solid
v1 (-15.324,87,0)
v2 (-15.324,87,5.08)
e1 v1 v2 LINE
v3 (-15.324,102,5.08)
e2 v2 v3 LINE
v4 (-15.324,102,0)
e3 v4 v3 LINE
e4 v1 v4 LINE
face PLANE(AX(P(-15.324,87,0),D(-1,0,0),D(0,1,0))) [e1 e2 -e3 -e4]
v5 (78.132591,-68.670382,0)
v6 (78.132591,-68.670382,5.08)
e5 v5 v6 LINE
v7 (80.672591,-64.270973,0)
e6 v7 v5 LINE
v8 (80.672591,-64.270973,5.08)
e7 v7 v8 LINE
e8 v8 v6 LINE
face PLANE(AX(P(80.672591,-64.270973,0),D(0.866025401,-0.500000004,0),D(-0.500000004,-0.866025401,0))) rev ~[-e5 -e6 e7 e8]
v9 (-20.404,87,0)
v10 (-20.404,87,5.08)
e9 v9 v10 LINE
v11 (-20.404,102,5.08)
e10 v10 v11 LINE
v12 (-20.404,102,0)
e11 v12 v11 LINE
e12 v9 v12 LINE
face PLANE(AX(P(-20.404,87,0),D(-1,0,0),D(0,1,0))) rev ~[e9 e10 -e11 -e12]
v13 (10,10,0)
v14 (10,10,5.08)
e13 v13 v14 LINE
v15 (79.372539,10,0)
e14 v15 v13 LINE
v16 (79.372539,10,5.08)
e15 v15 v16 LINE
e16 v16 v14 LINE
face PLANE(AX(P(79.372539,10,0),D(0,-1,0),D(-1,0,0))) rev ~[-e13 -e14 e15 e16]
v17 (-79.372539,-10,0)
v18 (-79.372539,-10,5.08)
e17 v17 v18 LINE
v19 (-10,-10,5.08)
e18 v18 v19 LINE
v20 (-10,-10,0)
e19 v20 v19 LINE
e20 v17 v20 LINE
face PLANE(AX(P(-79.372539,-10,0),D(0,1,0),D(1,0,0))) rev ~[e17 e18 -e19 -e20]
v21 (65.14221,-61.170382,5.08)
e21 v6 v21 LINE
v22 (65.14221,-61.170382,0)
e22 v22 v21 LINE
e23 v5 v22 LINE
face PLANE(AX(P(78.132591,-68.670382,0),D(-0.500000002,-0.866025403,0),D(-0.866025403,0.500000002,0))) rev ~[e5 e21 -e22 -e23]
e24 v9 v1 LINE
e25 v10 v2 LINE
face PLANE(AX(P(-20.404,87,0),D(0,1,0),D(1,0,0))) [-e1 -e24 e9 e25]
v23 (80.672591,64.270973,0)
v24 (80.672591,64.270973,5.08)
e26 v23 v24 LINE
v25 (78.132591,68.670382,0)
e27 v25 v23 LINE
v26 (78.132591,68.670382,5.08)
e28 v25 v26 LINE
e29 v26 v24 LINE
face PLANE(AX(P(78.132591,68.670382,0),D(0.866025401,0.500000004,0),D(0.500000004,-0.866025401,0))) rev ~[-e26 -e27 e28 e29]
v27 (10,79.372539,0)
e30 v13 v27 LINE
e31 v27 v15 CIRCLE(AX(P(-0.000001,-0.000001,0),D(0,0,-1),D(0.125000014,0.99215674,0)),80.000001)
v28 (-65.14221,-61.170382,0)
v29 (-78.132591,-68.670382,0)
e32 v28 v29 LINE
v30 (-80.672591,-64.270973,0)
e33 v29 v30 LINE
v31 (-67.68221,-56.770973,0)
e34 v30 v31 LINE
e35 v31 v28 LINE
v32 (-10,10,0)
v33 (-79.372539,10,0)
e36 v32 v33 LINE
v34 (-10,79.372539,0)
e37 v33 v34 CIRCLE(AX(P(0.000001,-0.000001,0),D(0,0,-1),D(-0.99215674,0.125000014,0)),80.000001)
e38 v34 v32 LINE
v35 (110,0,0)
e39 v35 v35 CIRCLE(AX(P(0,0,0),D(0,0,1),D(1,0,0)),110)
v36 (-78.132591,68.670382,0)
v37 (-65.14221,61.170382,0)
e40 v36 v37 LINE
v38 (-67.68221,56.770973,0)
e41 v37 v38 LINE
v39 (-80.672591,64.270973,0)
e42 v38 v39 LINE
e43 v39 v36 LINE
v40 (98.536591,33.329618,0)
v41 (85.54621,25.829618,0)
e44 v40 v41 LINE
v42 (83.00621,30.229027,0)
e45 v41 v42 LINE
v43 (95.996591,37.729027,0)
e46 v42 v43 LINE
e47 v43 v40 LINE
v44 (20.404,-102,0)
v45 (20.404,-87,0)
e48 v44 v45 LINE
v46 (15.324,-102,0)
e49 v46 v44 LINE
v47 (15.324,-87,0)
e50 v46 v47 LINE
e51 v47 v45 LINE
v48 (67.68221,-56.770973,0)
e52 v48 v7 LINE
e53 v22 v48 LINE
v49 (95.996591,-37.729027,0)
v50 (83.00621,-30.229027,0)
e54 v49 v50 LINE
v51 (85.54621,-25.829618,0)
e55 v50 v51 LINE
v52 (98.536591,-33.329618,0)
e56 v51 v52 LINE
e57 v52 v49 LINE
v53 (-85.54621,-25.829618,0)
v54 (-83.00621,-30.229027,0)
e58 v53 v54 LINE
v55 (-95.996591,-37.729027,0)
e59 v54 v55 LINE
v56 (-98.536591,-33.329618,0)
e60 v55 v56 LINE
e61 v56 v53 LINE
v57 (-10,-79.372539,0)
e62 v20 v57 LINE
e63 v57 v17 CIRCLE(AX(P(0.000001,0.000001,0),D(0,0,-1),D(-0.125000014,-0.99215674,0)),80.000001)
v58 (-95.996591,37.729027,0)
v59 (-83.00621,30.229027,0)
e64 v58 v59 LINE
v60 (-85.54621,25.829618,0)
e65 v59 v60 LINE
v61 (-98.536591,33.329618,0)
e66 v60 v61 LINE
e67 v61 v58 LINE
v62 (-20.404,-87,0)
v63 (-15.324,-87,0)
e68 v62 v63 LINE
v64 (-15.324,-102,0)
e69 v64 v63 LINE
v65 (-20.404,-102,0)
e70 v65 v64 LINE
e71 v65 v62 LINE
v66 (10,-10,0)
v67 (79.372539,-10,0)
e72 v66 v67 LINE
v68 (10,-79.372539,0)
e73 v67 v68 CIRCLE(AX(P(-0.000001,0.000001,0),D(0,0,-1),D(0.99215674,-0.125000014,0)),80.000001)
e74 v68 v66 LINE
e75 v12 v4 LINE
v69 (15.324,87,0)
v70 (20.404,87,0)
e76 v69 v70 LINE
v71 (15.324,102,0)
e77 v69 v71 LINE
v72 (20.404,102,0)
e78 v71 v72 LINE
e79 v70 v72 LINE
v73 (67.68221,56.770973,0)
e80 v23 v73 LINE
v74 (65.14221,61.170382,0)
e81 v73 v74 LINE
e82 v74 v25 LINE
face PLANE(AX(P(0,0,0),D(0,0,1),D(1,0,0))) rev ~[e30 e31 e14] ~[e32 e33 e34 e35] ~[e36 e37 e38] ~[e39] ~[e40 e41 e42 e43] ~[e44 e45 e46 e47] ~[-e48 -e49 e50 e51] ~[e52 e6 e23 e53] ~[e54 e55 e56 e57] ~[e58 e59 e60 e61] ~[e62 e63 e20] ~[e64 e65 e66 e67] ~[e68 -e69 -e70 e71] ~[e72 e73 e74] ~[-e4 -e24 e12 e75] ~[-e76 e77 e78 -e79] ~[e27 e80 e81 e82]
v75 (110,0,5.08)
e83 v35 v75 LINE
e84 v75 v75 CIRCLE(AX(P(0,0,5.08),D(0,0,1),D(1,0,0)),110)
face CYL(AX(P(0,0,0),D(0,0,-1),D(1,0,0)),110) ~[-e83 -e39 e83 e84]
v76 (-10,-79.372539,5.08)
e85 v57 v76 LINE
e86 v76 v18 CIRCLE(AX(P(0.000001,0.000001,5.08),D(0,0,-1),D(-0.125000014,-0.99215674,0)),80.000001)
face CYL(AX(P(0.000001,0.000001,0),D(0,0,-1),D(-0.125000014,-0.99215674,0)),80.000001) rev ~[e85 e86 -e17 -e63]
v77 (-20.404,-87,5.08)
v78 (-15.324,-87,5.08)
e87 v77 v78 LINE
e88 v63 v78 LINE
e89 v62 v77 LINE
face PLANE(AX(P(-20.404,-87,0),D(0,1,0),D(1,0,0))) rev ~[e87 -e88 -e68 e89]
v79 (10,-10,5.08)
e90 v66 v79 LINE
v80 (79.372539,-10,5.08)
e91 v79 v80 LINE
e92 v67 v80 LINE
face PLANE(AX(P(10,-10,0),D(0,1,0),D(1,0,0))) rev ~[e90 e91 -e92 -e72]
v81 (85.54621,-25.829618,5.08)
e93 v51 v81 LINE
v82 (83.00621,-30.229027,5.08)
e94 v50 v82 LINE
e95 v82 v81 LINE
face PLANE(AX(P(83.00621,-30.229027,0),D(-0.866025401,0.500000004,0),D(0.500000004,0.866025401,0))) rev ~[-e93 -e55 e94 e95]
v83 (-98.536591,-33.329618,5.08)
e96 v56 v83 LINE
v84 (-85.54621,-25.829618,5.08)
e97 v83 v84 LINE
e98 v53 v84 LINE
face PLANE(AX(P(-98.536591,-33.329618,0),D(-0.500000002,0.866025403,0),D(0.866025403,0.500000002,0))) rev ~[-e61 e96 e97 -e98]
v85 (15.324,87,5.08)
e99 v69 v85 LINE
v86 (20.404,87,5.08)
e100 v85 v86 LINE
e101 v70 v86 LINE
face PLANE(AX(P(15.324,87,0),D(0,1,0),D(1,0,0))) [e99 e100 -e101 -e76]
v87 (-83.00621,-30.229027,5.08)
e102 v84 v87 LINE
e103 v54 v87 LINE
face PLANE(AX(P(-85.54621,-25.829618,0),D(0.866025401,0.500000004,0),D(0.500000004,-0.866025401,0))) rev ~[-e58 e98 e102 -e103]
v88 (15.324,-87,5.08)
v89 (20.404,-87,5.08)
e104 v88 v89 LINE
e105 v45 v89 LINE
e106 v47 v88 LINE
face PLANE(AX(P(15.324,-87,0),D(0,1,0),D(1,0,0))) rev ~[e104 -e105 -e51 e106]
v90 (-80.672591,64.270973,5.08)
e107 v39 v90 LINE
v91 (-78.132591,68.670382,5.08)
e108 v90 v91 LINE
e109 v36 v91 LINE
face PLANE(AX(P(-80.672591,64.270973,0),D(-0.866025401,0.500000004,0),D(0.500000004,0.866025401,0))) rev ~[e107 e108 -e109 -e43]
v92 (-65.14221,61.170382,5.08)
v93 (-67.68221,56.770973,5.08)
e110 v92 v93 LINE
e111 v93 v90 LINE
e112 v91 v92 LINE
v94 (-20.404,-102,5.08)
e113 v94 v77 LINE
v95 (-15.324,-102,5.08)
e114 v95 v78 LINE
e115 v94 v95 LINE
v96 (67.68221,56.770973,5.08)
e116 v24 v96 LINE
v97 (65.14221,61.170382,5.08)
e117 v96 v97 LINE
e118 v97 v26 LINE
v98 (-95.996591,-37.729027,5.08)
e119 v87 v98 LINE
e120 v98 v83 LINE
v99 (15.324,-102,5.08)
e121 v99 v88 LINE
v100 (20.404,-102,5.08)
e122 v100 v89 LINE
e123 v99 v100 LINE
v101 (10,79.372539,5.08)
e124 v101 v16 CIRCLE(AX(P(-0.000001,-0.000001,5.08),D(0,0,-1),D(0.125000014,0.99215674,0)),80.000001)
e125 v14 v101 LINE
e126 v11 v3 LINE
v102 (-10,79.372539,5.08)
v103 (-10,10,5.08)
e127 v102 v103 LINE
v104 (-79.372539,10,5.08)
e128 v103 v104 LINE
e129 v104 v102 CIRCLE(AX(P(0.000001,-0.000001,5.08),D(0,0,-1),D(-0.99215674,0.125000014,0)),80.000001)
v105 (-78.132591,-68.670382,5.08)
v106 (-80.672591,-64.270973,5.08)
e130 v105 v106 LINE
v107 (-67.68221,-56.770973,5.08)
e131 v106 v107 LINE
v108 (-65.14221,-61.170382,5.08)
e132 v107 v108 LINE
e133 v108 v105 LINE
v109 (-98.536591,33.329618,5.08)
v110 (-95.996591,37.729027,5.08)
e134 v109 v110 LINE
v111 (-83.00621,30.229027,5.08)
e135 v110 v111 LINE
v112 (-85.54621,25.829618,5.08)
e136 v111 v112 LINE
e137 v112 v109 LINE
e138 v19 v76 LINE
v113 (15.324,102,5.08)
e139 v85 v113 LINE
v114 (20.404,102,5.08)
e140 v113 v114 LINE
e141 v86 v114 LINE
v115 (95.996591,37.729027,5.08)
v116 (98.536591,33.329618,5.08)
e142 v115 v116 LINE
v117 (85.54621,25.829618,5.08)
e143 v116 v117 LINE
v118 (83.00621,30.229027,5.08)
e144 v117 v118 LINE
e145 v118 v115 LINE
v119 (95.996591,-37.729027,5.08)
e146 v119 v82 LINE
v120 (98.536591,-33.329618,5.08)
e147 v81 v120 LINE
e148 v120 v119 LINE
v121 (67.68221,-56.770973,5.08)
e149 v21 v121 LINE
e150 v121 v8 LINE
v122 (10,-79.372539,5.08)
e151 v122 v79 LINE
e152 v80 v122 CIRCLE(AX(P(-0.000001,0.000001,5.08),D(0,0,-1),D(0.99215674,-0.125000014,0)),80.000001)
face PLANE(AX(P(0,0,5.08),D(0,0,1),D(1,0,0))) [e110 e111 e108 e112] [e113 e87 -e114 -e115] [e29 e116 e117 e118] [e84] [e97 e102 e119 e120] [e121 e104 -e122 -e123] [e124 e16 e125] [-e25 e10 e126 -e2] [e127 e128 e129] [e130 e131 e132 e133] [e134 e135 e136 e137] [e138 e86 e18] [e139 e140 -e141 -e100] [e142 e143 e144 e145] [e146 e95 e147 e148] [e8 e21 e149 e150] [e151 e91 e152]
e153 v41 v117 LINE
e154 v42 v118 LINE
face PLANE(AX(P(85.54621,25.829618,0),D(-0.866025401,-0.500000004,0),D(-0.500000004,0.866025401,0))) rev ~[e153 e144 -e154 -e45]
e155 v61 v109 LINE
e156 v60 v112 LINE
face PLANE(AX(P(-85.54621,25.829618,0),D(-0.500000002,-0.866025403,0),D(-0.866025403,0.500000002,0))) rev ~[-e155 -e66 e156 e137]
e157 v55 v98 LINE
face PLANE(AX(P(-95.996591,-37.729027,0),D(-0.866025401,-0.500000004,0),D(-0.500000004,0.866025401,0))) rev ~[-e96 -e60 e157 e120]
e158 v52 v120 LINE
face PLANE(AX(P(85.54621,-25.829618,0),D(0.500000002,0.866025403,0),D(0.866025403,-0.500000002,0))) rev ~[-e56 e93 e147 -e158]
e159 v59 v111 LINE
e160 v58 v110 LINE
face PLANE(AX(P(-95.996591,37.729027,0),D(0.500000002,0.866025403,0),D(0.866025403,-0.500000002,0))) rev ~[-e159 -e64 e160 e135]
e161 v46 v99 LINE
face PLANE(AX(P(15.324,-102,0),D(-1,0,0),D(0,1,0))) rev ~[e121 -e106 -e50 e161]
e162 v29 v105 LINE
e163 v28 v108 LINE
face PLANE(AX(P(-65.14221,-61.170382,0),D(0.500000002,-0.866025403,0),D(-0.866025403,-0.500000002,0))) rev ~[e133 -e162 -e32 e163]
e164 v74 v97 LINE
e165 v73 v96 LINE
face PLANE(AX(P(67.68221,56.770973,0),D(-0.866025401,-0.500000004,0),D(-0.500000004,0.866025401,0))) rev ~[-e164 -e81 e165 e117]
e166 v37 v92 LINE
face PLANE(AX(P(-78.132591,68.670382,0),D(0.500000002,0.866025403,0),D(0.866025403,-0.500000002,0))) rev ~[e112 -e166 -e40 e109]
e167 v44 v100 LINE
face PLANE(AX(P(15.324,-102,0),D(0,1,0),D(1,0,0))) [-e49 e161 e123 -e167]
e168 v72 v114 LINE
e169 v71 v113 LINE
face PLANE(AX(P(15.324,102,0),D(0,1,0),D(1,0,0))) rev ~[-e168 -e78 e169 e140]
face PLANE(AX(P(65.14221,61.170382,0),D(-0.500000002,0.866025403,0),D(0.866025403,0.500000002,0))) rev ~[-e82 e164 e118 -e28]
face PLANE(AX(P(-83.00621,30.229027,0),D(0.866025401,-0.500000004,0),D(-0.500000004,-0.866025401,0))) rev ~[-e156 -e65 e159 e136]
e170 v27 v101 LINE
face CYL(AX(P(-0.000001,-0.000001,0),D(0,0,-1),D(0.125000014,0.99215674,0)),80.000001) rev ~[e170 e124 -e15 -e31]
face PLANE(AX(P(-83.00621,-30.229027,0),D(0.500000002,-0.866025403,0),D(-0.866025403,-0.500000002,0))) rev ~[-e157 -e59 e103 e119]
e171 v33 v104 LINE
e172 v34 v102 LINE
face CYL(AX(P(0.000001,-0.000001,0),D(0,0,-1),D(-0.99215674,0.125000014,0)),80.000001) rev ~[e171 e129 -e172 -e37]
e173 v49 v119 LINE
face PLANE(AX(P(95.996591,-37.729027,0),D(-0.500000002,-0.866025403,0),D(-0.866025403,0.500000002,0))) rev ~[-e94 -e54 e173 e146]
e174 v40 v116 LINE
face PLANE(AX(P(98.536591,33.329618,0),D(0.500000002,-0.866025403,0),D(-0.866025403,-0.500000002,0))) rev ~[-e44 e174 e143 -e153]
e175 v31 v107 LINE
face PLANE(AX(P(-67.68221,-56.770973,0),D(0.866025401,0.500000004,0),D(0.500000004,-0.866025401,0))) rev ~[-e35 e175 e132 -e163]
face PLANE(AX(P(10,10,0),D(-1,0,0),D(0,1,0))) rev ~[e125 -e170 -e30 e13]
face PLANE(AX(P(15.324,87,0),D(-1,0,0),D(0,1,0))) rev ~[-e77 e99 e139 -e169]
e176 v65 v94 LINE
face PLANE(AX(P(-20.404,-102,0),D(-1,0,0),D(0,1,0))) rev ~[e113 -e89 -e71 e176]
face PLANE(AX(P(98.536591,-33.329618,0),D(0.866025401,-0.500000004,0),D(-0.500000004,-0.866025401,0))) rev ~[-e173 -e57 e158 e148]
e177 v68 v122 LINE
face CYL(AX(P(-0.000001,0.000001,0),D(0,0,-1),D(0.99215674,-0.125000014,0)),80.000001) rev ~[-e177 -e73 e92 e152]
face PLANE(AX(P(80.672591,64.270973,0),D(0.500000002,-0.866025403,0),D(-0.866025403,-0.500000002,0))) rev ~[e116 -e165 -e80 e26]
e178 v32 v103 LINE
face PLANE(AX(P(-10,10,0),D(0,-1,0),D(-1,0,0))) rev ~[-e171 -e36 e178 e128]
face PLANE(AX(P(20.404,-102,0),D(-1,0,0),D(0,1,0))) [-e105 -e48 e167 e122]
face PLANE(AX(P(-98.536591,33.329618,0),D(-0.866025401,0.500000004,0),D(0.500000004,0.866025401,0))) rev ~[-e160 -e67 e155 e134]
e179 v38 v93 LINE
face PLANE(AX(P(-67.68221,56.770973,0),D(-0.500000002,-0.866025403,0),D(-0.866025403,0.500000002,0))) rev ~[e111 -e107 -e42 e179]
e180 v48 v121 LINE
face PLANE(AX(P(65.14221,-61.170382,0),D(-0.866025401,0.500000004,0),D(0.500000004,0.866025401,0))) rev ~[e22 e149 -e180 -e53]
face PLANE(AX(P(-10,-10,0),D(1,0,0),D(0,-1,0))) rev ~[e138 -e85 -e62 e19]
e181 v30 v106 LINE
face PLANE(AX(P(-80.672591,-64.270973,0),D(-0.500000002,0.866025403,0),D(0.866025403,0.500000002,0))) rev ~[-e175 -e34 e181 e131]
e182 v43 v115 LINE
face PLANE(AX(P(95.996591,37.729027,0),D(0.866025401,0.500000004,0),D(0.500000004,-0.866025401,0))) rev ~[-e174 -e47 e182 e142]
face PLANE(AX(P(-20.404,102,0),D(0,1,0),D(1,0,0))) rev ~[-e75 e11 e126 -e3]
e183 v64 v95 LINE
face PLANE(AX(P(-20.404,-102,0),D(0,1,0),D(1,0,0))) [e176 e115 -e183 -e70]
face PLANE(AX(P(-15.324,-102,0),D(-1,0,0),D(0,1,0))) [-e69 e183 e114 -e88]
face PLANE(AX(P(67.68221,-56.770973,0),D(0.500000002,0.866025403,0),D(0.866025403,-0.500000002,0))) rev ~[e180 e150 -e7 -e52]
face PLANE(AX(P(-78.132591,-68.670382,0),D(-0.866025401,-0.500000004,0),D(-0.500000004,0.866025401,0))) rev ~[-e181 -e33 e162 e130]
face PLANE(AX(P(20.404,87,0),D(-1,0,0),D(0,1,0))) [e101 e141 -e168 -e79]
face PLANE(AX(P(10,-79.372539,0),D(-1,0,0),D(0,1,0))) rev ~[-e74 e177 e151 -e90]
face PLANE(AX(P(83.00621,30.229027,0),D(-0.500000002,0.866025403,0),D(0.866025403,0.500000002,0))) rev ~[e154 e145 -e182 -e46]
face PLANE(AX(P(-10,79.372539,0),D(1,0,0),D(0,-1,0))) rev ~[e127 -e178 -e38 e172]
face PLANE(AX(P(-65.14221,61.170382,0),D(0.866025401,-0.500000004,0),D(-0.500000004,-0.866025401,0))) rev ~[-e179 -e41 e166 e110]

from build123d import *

# Parameters (mm, degrees)
F0_R     = 110
F0_W     = 5.08
F0_H     = 15
F1_DEPTH = 5.08


with BuildPart() as f1:
    # F0 (on Top) → F1 (new body)
    with BuildSketch(Plane.XY):
        Circle(F0_R)
        Polygon((-65.14221, -61.170382), (-78.132591, -68.670382), (-80.672591, -64.270973), (-67.68221, -56.770973), align=None, mode=Mode.SUBTRACT)
        with Locations((-17.864, -94.5)):
            Rectangle(F0_W, F0_H, mode=Mode.SUBTRACT)
        Polygon((-83.00621, -30.229027), (-95.996591, -37.729027), (-98.536591, -33.329618), (-85.54621, -25.829618), align=None, mode=Mode.SUBTRACT)
        with BuildLine():
            ThreePointArc((-10, -79.372539), (-56.568542, -56.568542), (-79.372539, -10))
            Line((-79.372539, -10), (-10, -10))
            Line((-10, -10), (-10, -79.372539))
        make_face(mode=Mode.SUBTRACT)
        with Locations((17.864, -94.5)):
            Rectangle(F0_W, F0_H, mode=Mode.SUBTRACT)
        Polygon((67.68221, -56.770973), (80.672591, -64.270973), (78.132591, -68.670382), (65.14221, -61.170382), align=None, mode=Mode.SUBTRACT)
        with BuildLine():
            ThreePointArc((79.372539, -10), (56.568542, -56.568542), (10, -79.372539))
            Line((10, -79.372539), (10, -10))
            Line((10, -10), (79.372539, -10))
        make_face(mode=Mode.SUBTRACT)
        Polygon((85.54621, -25.829618), (98.536591, -33.329618), (95.996591, -37.729027), (83.00621, -30.229027), align=None, mode=Mode.SUBTRACT)
        Polygon((-85.54621, 25.829618), (-98.536591, 33.329618), (-95.996591, 37.729027), (-83.00621, 30.229027), align=None, mode=Mode.SUBTRACT)
        with BuildLine():
            ThreePointArc((-79.372539, 10), (-56.568542, 56.568542), (-10, 79.372539))
            Line((-10, 79.372539), (-10, 10))
            Line((-10, 10), (-79.372539, 10))
        make_face(mode=Mode.SUBTRACT)
        Polygon((-67.68221, 56.770973), (-80.672591, 64.270973), (-78.132591, 68.670382), (-65.14221, 61.170382), align=None, mode=Mode.SUBTRACT)
        with Locations((-17.864, 94.5)):
            Rectangle(F0_W, F0_H, mode=Mode.SUBTRACT)
        with BuildLine():
            Line((10, 10), (10, 79.372539))
            ThreePointArc((10, 79.372539), (56.568542, 56.568542), (79.372539, 10))
            Line((79.372539, 10), (10, 10))
        make_face(mode=Mode.SUBTRACT)
        Polygon((83.00621, 30.229027), (95.996591, 37.729027), (98.536591, 33.329618), (85.54621, 25.829618), align=None, mode=Mode.SUBTRACT)
        with Locations((17.864, 94.5)):
            Rectangle(F0_W, F0_H, mode=Mode.SUBTRACT)
        Polygon((65.14221, 61.170382), (78.132591, 68.670382), (80.672591, 64.270973), (67.68221, 56.770973), align=None, mode=Mode.SUBTRACT)
    extrude(amount=F1_DEPTH)


solid = f1.part
